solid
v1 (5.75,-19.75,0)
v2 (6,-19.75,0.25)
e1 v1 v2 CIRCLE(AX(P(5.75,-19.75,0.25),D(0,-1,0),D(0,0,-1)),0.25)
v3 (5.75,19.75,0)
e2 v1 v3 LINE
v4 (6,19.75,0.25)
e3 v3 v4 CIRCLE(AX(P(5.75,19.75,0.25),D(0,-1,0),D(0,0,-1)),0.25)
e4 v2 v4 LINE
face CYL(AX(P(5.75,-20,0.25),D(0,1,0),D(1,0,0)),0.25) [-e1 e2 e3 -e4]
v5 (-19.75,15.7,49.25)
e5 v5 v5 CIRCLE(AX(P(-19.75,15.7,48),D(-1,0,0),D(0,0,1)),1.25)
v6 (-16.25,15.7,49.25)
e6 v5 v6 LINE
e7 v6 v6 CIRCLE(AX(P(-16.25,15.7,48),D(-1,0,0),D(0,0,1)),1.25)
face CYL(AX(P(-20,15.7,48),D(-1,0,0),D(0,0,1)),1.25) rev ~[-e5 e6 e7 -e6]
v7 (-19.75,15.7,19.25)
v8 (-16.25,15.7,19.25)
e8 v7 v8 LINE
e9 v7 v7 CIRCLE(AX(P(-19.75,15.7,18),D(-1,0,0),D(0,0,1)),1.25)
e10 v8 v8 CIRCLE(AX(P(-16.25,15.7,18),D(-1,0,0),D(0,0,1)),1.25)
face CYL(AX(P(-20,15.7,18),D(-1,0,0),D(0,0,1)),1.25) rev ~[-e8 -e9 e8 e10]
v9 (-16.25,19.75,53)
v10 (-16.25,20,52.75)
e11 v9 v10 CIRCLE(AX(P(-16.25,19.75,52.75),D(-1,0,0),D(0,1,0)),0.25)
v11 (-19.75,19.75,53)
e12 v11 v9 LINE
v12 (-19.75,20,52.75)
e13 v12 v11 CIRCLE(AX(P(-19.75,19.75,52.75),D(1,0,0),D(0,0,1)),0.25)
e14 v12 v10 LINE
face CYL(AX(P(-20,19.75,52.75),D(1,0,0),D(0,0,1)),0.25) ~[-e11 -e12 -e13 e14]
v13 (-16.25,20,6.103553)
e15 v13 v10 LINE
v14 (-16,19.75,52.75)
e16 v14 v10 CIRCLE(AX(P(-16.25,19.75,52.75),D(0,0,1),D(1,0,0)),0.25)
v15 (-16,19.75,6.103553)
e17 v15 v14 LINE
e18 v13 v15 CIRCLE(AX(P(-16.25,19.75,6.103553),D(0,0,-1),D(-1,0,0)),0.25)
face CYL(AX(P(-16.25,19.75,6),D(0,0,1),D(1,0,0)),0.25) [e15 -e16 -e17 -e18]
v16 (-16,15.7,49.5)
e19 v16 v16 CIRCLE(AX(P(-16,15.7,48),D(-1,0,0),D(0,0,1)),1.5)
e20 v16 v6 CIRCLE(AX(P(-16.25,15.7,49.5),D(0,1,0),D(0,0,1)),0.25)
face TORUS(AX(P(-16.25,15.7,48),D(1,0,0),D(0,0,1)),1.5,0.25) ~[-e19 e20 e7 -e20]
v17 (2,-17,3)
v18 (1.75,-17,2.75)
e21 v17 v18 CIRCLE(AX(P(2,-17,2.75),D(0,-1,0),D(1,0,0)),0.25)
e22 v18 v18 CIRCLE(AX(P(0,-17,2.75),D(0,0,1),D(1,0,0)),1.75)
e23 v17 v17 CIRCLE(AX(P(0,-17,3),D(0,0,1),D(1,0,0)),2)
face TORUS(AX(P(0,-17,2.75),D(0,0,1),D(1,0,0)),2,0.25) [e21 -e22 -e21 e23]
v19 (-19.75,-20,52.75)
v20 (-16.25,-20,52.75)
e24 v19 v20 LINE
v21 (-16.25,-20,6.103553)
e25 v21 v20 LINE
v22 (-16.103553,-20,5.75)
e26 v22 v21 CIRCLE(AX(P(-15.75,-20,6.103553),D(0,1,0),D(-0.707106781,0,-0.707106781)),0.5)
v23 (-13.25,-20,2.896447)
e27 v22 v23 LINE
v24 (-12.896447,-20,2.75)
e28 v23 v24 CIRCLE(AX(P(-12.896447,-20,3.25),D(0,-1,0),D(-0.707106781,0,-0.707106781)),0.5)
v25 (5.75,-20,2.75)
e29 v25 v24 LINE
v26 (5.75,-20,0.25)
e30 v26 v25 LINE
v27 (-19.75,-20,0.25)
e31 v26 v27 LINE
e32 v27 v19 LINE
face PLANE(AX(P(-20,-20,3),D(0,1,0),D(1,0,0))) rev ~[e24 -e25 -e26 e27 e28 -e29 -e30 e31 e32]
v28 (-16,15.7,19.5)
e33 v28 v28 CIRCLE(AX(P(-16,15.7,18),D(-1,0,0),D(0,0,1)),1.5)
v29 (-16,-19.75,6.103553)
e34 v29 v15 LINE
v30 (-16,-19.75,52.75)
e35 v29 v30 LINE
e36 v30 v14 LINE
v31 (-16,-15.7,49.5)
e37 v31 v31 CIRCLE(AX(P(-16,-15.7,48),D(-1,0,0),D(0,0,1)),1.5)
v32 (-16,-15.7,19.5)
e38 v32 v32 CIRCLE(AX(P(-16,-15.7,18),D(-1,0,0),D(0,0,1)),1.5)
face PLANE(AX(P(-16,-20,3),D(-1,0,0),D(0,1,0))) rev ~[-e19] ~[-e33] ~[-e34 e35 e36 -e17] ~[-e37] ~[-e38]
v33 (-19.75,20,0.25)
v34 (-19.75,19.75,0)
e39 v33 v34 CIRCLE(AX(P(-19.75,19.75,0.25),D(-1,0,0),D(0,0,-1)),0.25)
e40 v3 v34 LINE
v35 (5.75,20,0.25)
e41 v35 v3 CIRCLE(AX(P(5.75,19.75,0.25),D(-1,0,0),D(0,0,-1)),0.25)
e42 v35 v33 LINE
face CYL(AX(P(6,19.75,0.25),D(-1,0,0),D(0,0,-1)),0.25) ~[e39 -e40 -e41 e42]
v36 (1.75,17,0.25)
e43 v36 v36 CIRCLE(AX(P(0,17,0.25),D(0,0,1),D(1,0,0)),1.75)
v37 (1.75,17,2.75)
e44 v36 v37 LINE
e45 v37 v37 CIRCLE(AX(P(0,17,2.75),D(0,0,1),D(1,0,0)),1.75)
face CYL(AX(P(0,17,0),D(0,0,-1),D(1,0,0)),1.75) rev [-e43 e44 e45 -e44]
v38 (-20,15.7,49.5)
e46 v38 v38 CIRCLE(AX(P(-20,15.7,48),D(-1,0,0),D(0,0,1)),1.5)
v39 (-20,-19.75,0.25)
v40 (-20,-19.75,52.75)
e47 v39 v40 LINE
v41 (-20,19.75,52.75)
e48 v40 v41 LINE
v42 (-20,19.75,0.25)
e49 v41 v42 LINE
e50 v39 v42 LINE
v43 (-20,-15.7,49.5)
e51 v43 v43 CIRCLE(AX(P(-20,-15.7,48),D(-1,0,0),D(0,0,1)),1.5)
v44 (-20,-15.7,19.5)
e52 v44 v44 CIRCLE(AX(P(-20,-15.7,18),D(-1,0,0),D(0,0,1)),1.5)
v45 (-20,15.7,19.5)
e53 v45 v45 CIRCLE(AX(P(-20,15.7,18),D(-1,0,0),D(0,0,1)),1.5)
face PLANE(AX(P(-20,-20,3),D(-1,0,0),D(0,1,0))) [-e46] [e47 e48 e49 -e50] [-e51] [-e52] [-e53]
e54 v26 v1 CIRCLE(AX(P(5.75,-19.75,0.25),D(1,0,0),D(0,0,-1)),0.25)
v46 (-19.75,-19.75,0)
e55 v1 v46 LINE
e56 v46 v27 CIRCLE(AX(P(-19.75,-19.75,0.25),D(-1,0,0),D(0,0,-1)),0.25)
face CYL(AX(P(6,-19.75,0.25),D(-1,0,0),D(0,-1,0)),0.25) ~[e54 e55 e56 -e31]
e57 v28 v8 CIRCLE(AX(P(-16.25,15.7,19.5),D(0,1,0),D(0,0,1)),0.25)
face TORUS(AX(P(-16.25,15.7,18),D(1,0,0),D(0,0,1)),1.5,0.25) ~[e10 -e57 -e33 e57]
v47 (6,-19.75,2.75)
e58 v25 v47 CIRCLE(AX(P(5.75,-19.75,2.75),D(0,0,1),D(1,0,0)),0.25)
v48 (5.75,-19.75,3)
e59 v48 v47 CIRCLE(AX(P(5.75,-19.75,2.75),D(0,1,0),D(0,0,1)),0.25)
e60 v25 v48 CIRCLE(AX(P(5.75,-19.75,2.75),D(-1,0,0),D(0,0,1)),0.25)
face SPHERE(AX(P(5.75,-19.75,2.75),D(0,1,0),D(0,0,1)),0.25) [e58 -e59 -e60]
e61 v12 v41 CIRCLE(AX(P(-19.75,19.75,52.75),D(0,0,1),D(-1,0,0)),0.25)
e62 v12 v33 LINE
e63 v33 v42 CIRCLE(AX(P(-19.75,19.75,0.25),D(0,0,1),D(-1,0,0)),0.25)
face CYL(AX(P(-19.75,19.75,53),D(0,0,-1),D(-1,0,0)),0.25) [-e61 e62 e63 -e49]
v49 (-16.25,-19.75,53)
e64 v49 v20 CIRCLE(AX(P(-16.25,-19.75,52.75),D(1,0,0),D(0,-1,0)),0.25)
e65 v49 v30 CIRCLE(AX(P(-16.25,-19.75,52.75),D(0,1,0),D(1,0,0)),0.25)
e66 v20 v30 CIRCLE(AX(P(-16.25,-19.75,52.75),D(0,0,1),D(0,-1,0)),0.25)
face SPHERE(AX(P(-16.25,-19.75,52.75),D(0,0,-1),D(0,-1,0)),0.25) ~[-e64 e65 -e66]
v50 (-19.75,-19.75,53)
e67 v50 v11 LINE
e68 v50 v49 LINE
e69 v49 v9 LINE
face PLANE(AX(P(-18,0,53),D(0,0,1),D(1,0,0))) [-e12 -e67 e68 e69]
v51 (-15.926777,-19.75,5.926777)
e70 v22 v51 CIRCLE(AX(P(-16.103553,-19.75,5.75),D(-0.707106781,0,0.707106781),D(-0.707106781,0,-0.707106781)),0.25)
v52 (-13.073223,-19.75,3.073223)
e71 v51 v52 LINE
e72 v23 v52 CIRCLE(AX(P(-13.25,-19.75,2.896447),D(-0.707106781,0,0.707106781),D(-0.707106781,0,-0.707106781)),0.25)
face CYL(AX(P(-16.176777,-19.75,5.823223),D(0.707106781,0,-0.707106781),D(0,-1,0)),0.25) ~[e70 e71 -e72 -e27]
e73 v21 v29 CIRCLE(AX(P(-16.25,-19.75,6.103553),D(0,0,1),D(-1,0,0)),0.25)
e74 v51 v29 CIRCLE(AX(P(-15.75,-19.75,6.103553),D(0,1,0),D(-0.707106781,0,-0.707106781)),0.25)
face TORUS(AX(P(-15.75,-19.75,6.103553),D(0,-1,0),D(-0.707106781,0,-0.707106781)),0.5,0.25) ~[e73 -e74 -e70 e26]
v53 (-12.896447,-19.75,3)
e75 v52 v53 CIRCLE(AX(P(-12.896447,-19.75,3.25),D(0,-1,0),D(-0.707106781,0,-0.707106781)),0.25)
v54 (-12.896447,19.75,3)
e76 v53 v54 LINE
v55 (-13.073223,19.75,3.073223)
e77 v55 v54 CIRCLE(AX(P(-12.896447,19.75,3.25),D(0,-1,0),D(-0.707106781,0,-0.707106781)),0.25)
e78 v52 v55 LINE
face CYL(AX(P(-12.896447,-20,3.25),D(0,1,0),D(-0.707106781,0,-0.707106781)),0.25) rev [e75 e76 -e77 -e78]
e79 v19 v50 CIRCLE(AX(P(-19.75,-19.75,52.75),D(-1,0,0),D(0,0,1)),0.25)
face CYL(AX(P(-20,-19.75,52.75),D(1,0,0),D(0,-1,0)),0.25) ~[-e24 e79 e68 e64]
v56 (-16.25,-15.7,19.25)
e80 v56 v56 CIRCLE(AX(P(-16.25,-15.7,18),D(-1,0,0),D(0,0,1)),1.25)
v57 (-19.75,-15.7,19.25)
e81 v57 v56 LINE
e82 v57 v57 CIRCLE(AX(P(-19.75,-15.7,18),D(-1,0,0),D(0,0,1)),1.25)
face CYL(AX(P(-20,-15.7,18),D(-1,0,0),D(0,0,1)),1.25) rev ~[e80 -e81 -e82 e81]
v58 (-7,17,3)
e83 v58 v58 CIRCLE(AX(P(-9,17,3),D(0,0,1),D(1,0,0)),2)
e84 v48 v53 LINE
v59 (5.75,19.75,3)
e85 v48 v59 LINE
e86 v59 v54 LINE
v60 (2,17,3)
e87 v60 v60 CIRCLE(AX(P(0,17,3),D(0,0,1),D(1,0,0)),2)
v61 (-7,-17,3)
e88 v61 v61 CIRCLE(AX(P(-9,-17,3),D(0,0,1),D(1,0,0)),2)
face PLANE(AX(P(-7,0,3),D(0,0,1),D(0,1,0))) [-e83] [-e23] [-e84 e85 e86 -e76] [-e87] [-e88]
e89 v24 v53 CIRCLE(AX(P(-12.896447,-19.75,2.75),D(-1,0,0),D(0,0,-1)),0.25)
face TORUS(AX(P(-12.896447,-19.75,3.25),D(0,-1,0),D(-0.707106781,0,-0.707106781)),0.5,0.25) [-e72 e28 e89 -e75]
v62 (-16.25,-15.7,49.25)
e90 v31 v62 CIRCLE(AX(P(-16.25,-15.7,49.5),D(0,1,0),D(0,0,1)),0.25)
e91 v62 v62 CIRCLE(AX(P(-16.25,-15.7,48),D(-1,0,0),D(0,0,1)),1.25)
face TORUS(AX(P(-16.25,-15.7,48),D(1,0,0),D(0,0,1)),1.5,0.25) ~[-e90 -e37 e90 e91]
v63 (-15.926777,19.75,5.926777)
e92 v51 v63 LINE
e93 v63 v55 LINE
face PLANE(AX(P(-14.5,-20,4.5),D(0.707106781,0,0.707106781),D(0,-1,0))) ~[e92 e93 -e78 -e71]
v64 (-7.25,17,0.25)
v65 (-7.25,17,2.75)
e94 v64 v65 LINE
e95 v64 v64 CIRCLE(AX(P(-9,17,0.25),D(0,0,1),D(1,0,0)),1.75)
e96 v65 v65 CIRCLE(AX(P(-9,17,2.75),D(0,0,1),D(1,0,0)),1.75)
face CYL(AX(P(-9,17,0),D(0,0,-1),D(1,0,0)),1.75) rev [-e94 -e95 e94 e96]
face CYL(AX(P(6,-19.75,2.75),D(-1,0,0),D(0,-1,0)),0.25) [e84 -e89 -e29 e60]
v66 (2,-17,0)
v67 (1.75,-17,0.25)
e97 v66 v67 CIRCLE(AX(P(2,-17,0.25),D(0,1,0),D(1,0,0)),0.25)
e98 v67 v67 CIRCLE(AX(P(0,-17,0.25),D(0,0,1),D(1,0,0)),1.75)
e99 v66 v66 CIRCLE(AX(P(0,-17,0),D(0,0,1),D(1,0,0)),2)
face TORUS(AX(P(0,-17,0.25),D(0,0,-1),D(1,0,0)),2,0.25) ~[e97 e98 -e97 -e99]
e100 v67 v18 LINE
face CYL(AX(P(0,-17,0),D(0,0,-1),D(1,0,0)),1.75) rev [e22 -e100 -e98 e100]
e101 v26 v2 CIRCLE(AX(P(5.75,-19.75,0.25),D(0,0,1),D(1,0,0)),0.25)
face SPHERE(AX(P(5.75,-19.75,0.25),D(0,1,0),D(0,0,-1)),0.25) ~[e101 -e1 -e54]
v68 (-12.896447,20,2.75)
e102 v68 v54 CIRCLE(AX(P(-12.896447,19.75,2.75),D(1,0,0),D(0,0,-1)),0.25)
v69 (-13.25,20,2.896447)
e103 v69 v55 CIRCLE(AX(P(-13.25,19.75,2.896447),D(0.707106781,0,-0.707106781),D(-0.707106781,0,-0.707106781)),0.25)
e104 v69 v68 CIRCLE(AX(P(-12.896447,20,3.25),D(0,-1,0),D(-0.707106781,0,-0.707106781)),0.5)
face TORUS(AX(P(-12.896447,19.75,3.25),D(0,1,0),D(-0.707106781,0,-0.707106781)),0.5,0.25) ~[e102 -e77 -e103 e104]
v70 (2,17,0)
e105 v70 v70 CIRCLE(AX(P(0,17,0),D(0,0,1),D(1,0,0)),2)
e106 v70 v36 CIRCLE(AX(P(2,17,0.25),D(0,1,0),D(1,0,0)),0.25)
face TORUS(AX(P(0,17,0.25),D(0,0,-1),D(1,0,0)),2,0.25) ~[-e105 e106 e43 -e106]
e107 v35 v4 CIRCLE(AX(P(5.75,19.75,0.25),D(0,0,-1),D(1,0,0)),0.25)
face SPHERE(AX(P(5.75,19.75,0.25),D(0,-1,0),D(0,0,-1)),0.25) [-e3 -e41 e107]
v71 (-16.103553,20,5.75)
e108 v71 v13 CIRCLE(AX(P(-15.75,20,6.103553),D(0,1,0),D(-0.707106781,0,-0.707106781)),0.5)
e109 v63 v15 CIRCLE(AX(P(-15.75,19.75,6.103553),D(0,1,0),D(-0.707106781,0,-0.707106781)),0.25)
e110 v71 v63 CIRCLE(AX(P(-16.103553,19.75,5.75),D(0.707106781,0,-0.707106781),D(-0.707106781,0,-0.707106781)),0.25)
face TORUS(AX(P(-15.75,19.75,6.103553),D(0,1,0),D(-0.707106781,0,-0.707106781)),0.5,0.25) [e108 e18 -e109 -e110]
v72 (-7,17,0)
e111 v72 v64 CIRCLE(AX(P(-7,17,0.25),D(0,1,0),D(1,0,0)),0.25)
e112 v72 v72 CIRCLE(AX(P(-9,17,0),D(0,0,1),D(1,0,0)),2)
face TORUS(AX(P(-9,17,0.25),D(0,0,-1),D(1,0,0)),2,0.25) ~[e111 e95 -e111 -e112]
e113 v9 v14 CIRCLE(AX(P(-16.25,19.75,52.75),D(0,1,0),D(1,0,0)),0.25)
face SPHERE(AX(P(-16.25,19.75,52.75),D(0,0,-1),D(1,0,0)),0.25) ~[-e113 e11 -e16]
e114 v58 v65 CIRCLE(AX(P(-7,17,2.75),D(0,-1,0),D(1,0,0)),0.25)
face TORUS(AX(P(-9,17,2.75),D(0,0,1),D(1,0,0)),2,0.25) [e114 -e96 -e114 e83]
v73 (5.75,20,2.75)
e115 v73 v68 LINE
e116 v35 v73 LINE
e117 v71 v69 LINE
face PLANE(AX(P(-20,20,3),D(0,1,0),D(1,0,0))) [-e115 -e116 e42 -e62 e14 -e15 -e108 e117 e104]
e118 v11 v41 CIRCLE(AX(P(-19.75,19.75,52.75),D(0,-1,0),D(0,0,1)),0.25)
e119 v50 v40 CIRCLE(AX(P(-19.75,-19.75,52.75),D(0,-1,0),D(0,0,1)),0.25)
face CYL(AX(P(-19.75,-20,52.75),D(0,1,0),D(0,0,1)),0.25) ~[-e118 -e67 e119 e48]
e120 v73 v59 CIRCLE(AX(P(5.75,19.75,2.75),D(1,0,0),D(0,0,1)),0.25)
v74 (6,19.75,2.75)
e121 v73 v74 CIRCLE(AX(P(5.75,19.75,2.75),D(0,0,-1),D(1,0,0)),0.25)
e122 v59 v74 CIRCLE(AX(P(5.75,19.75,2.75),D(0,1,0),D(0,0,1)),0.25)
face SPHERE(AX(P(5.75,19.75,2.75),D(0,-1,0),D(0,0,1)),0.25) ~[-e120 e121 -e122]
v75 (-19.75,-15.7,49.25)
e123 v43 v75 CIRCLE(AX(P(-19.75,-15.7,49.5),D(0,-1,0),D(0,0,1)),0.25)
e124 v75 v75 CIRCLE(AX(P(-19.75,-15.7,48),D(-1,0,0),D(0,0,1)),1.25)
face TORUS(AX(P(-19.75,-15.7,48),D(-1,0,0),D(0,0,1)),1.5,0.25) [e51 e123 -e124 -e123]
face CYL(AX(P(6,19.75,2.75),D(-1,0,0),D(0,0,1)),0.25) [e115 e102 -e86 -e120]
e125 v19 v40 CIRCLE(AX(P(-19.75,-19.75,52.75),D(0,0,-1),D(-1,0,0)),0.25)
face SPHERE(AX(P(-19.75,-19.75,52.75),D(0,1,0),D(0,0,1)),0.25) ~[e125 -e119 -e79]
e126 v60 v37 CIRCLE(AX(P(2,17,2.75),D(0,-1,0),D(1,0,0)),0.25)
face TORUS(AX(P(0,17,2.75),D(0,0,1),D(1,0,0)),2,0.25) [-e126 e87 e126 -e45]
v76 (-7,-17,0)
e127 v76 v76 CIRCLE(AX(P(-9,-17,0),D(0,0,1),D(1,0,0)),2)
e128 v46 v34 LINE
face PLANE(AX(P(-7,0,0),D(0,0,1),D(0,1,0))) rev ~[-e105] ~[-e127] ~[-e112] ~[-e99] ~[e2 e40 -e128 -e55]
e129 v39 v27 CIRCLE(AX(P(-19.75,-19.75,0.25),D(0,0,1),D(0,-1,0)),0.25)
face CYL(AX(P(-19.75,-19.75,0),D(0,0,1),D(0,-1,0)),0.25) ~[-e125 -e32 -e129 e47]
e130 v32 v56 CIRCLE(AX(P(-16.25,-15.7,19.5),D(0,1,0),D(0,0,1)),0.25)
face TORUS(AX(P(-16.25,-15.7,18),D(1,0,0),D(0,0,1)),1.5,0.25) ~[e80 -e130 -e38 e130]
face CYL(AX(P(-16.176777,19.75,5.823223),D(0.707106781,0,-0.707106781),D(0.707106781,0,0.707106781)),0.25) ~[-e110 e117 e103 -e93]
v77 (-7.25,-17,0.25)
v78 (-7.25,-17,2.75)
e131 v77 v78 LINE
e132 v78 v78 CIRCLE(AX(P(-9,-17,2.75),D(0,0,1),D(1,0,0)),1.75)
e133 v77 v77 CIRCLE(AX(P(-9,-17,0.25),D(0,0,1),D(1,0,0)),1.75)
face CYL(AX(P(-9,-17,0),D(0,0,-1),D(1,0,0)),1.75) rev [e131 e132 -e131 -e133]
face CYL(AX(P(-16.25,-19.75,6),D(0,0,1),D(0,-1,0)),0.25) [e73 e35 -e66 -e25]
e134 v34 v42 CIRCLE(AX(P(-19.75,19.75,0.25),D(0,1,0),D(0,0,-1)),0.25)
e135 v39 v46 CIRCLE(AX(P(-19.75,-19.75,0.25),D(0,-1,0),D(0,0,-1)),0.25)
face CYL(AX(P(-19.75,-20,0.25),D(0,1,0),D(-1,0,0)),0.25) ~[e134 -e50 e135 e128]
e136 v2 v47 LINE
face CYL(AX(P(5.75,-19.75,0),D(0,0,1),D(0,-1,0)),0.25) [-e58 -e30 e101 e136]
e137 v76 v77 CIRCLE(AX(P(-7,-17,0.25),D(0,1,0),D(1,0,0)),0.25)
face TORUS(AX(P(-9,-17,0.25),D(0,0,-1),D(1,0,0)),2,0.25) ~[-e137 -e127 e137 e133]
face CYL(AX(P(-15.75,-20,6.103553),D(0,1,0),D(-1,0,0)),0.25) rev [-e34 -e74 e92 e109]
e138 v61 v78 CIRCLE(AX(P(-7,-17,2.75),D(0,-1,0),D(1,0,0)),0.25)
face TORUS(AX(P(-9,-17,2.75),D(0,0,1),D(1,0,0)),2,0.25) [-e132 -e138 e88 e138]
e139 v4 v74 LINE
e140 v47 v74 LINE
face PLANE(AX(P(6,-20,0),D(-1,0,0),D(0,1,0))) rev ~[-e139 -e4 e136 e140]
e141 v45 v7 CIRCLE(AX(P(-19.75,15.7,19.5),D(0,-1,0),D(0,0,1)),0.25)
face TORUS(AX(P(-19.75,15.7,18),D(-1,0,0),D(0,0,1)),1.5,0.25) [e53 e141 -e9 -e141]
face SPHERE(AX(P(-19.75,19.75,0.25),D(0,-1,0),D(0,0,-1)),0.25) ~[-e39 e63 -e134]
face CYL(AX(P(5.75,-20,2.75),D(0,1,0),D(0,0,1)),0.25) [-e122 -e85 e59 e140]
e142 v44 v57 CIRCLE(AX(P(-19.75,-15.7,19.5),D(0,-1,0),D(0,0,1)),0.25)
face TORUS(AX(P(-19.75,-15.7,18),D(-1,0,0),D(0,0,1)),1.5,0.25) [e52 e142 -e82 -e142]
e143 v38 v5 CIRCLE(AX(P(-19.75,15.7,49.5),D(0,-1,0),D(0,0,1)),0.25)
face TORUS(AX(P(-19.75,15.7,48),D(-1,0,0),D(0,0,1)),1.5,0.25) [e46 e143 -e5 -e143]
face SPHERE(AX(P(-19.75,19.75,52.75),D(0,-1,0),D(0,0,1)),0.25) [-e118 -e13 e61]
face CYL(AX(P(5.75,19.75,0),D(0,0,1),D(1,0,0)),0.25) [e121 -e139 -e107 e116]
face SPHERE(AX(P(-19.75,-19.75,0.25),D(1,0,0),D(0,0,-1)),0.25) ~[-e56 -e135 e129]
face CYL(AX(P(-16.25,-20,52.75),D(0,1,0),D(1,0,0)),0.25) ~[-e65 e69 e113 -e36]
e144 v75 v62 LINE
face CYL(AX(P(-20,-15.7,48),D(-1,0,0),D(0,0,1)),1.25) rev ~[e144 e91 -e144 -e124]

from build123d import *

# Parameters (mm, degrees)
SKETCH1_W           = 40
SKETCH1_H           = 26
SKETCH1_R           = 1.75
BOSS_EXTRUDE1_DEPTH = 3
SKETCH2_W           = 4
SKETCH2_H           = 40
BOSS_EXTRUDE2_DEPTH = 50
SKETCH3_R           = 1.25
CUT_EXTRUDE1_DEPTH  = 50
CHAMFER1_SIZE       = 3
FILLET2_R           = 0.25


with BuildPart() as part:
    # Sketch1 → Boss-Extrude1 (new body)
    with BuildSketch(Plane(origin=(0, 0, 0), x_dir=(0, 1, 0), z_dir=(0, 0, 1))):
        with Locations((0, 7)):
            Rectangle(SKETCH1_W, SKETCH1_H)
        with Locations(Location((-17, 0, 0), (0, 0, 270))):
            Circle(SKETCH1_R, mode=Mode.SUBTRACT)
        with Locations(Location((17, 0, 0), (0, 0, 270))):
            Circle(SKETCH1_R, mode=Mode.SUBTRACT)
        with Locations(Location((17, 9, 0), (0, 0, 270))):
            Circle(SKETCH1_R, mode=Mode.SUBTRACT)
        with Locations(Location((-17, 9, 0), (0, 0, 270))):
            Circle(SKETCH1_R, mode=Mode.SUBTRACT)
    extrude(amount=BOSS_EXTRUDE1_DEPTH)

    # Sketch2 → Boss-Extrude2 (add)
    with BuildSketch(Plane.XY.offset(3)):
        with Locations((-18, 0)):
            Rectangle(SKETCH2_W, SKETCH2_H)
    extrude(amount=BOSS_EXTRUDE2_DEPTH)

    # Sketch3 → Cut-Extrude1 (cut)
    with BuildSketch(Plane(origin=(-20, 0, 0), x_dir=(0, -1, 0), z_dir=(-1, 0, 0))):
        with Locations(Location((-15.7, 48, 0), (0, 0, 90))):
            Circle(SKETCH3_R)
        with Locations(Location((15.7, 48, 0), (0, 0, 90))):
            Circle(SKETCH3_R)
        with Locations(Location((15.7, 18, 0), (0, 0, 90))):
            Circle(SKETCH3_R)
        with Locations(Location((-15.7, 18, 0), (0, 0, 90))):
            Circle(SKETCH3_R)
    extrude(amount=-CUT_EXTRUDE1_DEPTH, mode=Mode.SUBTRACT)

    # Chamfer1
    chamfer1_edges = [part.edges().sort_by_distance(p)[0] for p in [
        (-16, 0, 3),
    ]]
    chamfer(chamfer1_edges, length=CHAMFER1_SIZE)

    # Fillet2
    fillet2_edges = [part.edges().sort_by_distance(p)[0] for p in [
        (-1.75, -17, 0),
        (-1.75, -17, 3),
        (-1.75, 17, 0),
        (-1.75, 17, 3),
        (6, 0, 3),
        (-10.75, 17, 0),
        (-10.75, 17, 3),
        (-10.75, -17, 0),
        (-10.75, -17, 3),
        (-16, -20, 29.5),
        (-16, 20, 29.5),
        (-20, 0, 53),
        (-18, -20, 53),
        (-16, 0, 53),
        (-18, 20, 53),
        (-16, 15.7, 16.75),
        (-3.5, 20, 3),
        (6, 0, 0),
        (-20, 15.7, 16.75),
        (-16, -15.7, 16.75),
        (-20, -15.7, 16.75),
        (-7, -20, 0),
        (-16, -15.7, 46.75),
        (-20, -15.7, 46.75),
        (-16, 15.7, 46.75),
        (-20, 15.7, 46.75),
        (-20, 0, 0),
        (-7, 20, 0),
        (-16, 0, 6),
        (-3.5, -20, 3),
        (-13, 0, 3),
        (-14.5, 20, 4.5),
        (-14.5, -20, 4.5),
        (6, 20, 1.5),
        (6, -20, 1.5),
        (-20, -20, 26.5),
        (-20, 20, 26.5),
    ]]
    fillet(fillet2_edges, radius=FILLET2_R)


solid = part.part
